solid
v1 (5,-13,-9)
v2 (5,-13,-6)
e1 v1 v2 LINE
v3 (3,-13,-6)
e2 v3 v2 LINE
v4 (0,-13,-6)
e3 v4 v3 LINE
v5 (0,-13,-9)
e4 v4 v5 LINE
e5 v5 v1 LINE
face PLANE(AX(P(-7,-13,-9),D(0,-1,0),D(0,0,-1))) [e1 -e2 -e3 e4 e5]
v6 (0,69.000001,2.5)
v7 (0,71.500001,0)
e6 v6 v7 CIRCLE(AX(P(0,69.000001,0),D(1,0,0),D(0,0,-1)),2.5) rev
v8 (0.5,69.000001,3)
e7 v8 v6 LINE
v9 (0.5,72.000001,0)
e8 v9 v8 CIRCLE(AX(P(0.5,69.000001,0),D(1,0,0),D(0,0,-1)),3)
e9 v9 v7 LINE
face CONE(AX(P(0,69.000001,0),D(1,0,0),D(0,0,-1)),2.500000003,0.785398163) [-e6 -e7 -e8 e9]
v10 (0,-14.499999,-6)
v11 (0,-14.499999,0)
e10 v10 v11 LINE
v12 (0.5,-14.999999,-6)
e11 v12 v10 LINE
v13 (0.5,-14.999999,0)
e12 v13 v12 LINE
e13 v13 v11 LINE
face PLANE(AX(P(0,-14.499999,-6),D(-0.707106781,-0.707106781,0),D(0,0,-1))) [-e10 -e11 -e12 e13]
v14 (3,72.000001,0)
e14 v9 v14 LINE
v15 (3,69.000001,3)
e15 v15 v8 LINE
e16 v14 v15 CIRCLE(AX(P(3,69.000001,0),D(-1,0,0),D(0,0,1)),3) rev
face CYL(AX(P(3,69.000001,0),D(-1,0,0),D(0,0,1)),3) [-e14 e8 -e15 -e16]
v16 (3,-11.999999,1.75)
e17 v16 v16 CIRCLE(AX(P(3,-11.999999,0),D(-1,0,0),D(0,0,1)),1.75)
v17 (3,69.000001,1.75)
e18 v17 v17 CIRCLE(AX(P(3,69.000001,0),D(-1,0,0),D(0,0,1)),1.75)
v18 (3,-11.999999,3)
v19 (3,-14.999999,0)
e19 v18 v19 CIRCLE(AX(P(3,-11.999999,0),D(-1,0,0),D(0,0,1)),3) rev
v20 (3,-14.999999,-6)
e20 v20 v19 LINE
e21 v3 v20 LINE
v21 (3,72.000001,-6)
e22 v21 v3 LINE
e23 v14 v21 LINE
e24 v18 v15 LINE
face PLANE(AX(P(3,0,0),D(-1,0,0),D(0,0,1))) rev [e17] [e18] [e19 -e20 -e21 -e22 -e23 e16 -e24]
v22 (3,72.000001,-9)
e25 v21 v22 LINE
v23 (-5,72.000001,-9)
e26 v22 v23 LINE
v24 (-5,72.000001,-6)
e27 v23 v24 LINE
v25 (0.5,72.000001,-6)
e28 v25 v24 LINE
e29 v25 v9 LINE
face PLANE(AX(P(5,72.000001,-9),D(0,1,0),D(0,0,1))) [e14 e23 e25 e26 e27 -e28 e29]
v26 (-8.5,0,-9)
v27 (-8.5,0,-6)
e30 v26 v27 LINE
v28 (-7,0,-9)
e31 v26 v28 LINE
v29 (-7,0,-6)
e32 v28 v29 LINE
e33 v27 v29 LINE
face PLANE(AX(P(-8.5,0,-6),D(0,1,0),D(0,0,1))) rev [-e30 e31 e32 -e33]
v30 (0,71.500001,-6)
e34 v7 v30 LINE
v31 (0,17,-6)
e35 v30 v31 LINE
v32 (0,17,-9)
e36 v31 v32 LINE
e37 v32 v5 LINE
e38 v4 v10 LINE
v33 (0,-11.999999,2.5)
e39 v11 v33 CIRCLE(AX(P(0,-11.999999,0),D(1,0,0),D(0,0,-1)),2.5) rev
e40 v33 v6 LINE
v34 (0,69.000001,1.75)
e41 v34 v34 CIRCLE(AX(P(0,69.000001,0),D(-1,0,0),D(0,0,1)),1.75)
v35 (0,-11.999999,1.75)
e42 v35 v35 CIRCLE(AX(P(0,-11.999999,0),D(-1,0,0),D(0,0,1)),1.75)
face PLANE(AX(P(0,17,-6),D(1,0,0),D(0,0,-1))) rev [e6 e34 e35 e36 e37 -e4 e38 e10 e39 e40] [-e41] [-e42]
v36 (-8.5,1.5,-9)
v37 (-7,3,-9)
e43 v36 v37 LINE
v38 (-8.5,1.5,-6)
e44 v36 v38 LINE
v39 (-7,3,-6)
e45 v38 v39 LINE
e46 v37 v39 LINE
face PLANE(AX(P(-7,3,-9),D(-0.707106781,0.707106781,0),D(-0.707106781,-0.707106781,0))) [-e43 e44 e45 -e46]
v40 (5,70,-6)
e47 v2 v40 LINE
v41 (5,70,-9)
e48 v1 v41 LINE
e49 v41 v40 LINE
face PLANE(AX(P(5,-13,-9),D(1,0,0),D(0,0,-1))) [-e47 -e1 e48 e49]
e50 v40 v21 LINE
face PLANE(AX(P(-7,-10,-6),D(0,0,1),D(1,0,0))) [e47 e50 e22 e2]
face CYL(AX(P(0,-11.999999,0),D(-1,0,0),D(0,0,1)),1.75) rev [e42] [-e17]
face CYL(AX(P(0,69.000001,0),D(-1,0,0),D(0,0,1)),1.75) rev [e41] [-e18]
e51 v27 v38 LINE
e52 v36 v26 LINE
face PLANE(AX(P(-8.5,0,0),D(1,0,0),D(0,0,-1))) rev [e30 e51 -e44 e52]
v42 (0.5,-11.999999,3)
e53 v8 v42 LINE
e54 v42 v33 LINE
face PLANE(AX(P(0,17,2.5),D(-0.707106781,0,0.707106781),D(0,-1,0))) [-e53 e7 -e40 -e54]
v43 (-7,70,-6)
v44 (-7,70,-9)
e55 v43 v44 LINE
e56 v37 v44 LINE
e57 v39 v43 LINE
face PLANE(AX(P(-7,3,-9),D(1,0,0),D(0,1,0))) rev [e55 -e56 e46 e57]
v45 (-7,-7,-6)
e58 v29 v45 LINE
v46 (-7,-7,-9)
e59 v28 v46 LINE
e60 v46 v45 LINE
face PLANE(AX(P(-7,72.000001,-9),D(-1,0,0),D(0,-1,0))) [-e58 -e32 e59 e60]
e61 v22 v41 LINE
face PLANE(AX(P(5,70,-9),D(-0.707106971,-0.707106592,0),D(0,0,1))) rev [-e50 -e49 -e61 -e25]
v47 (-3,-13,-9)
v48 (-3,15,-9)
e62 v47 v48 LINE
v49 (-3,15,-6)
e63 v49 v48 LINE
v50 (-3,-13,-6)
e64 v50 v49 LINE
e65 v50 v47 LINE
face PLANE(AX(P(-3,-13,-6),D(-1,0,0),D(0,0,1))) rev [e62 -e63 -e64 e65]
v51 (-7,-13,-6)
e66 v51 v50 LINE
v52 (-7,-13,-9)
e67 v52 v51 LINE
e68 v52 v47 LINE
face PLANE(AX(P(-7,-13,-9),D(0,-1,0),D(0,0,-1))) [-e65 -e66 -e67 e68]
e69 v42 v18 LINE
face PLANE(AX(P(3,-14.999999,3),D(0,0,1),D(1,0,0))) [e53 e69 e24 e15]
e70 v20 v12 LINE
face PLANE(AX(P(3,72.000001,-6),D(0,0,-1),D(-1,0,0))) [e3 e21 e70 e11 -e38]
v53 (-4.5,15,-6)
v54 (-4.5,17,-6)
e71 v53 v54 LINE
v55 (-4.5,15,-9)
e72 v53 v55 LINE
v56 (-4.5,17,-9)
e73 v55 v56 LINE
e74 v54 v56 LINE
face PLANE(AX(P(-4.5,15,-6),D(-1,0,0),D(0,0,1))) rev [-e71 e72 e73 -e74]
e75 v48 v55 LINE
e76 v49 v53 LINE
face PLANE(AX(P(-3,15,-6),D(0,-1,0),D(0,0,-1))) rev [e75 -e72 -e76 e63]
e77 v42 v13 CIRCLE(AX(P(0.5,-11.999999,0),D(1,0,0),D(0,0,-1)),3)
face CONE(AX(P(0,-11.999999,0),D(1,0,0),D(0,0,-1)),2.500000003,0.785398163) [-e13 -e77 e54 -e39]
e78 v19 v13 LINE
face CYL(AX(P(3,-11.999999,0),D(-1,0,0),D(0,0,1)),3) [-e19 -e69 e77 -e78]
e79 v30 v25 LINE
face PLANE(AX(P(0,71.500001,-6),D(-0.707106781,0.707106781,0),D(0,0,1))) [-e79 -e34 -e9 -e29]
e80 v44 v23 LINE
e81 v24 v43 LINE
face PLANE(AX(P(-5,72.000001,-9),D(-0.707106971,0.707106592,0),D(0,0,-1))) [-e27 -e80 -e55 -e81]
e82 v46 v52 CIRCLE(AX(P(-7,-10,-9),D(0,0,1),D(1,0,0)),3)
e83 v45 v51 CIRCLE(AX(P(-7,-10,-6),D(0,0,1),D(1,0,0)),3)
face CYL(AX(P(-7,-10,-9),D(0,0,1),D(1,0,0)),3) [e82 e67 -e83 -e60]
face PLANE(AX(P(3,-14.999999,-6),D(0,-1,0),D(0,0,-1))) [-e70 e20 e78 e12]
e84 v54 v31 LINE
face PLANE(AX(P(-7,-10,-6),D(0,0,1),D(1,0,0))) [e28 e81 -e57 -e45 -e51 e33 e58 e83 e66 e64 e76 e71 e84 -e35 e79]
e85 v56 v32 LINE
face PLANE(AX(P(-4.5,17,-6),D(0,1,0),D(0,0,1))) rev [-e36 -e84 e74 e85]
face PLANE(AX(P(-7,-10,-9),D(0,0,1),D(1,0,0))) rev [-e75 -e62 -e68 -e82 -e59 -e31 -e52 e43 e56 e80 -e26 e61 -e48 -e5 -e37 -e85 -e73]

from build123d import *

# Parameters (mm, degrees)
EXTRUDE_1_DEPTH             = 3
SKETCH_2_W                  = 3
SKETCH_2_H                  = 72.000001073
EXTRUDE_2_DEPTH             = 1.5
CUT_EXTRUDE_1_DEPTH         = 73.753007862
SKETCH_4_W                  = 1.5
SKETCH_4_H                  = 69.000001073
CUT_EXTRUDE_2_DEPTH         = 73.753007862
EXTRUDE_3_DEPTH             = 3
DRAFT_1_ANGLE               = 45
HOLE_WIZARD_2_7_2_7_1_D     = 3.5
HOLE_WIZARD_2_7_2_7_1_DEPTH = 5.000000075
FILLET_1_R                  = 3
CHAMFER_1_SIZE              = 2.000001073
CHAMFER_1_SIZE2             = 2
CHAMFER_2_SIZE              = 2
CHAMFER_2_SIZE2             = 2.000001073
CHAMFER_4_SIZE              = 0.5


with BuildPart() as part:
    # ｽｹｯﾁ1 → ﾎﾞｽ - 押し出し1 (new body)
    with BuildSketch(Plane.XY.offset(-6)):
        with BuildLine():
            Line((5.000000075, 72.00000107), (-6.999999925, 72.00000107))
            Line((-6.999999925, 72.00000107), (-6.999999925, -7))
            ThreePointArc((-6.999999925, -7), (-9.999999925, -10), (-6.999999925, -13))
            Line((-6.999999925, -13), (5.000000075, -13))
            Line((5.000000075, -13), (5.000000075, 72.00000107))
        make_face()
    extrude(amount=-EXTRUDE_1_DEPTH)

    # ｽｹｯﾁ2 → ﾎﾞｽ - 押し出し2 (add)
    with BuildSketch(Plane.ZY.offset(6.999999925)):
        with Locations((-7.5, 36.000000537)):
            Rectangle(SKETCH_2_W, SKETCH_2_H)
    extrude(amount=EXTRUDE_2_DEPTH)

    # ｽｹｯﾁ3 → ｶｯﾄ - 押し出し1 (cut, through all)
    with BuildSketch(Plane(origin=(0, 0, -9), x_dir=(-1, 0, 0), z_dir=(0, 0, -1))):
        Polygon((3, -13), (3, 15), (4.5, 15), (4.5, 17), (0, 17), (0, -13), align=None)
    extrude(amount=-CUT_EXTRUDE_1_DEPTH, mode=Mode.SUBTRACT)

    # ｽｹｯﾁ4 → ｶｯﾄ - 押し出し2 (cut, through all)
    with BuildSketch(Plane.XY.offset(-6)):
        with Locations((-7.749999925, 37.500000537)):
            Rectangle(SKETCH_4_W, SKETCH_4_H)
    extrude(amount=-CUT_EXTRUDE_2_DEPTH, mode=Mode.SUBTRACT)

    # ｽｹｯﾁ5 → ﾎﾞｽ - 押し出し3 (add)
    with BuildSketch(Plane(origin=(0, 0, 0), x_dir=(0, -1, 0), z_dir=(-1, 0, 0))):
        Polygon((-72.000001073, 3), (-72.000001073, -3), (-72.000001073, -6), (14.999998927, -6), (14.999998927, 3), align=None)
    extrude(amount=-EXTRUDE_3_DEPTH)

    # 抜き勾配1
    draft_1_faces = [part.faces().sort_by_distance(p)[0] for p in [
        (-7.749999925, 3, -7.5),
    ]]
    draft(draft_1_faces, Plane(origin=(-6.999999925, 3, -9), x_dir=(0, -1, 0), z_dir=(-1, 0, 0)), DRAFT_1_ANGLE)

    # Ø2.7 (2.7) 直径の穴1
    with Locations(Plane.ZY):
        with Locations((0, 69.000001073), (0, -11.999998927)):
            Hole(HOLE_WIZARD_2_7_2_7_1_D / 2, depth=HOLE_WIZARD_2_7_2_7_1_DEPTH)

    # ﾌｨﾚｯﾄ1
    fillet_1_edges = [part.edges().sort_by_distance(p)[0] for p in [
        (1.5, 72.000001073, 3),
        (1.5, -14.999998927, 3),
    ]]
    fillet(fillet_1_edges, radius=FILLET_1_R)

    # 面取り1
    chamfer_1_edges = [part.edges().sort_by_distance(p)[0] for p in [
        (-6.999999925, 72.000001073, -7.5),
    ]]
    chamfer_1_side = [part.faces().sort_by_distance(p)[0] for p in [
        (1.5, 72.00000107, -0.15),
    ]]
    chamfer(chamfer_1_edges, length=CHAMFER_1_SIZE, length2=CHAMFER_1_SIZE2, reference=chamfer_1_side[0])

    # 面取り2
    chamfer_2_edges = [part.edges().sort_by_distance(p)[0] for p in [
        (5.000000075, 72.00000107, -7.5),
    ]]
    chamfer_2_side = [part.faces().sort_by_distance(p)[0] for p in [
        (0.56250042, 72.00000107, -5.812499887),
    ]]
    chamfer(chamfer_2_edges, length=CHAMFER_2_SIZE, length2=CHAMFER_2_SIZE2, reference=chamfer_2_side[0])

    # 面取り4
    chamfer_4_edges = [part.edges().sort_by_distance(p)[0] for p in [
        (0, -14.999998927, -3),
        (0, 28.500001071, 3),
        (0, 72.000001073, -3),
        (0, -14.121319271, 2.121320344),
        (0, 71.121321414, 2.121320344),
    ]]
    chamfer(chamfer_4_edges, length=CHAMFER_4_SIZE)


solid = part.part
